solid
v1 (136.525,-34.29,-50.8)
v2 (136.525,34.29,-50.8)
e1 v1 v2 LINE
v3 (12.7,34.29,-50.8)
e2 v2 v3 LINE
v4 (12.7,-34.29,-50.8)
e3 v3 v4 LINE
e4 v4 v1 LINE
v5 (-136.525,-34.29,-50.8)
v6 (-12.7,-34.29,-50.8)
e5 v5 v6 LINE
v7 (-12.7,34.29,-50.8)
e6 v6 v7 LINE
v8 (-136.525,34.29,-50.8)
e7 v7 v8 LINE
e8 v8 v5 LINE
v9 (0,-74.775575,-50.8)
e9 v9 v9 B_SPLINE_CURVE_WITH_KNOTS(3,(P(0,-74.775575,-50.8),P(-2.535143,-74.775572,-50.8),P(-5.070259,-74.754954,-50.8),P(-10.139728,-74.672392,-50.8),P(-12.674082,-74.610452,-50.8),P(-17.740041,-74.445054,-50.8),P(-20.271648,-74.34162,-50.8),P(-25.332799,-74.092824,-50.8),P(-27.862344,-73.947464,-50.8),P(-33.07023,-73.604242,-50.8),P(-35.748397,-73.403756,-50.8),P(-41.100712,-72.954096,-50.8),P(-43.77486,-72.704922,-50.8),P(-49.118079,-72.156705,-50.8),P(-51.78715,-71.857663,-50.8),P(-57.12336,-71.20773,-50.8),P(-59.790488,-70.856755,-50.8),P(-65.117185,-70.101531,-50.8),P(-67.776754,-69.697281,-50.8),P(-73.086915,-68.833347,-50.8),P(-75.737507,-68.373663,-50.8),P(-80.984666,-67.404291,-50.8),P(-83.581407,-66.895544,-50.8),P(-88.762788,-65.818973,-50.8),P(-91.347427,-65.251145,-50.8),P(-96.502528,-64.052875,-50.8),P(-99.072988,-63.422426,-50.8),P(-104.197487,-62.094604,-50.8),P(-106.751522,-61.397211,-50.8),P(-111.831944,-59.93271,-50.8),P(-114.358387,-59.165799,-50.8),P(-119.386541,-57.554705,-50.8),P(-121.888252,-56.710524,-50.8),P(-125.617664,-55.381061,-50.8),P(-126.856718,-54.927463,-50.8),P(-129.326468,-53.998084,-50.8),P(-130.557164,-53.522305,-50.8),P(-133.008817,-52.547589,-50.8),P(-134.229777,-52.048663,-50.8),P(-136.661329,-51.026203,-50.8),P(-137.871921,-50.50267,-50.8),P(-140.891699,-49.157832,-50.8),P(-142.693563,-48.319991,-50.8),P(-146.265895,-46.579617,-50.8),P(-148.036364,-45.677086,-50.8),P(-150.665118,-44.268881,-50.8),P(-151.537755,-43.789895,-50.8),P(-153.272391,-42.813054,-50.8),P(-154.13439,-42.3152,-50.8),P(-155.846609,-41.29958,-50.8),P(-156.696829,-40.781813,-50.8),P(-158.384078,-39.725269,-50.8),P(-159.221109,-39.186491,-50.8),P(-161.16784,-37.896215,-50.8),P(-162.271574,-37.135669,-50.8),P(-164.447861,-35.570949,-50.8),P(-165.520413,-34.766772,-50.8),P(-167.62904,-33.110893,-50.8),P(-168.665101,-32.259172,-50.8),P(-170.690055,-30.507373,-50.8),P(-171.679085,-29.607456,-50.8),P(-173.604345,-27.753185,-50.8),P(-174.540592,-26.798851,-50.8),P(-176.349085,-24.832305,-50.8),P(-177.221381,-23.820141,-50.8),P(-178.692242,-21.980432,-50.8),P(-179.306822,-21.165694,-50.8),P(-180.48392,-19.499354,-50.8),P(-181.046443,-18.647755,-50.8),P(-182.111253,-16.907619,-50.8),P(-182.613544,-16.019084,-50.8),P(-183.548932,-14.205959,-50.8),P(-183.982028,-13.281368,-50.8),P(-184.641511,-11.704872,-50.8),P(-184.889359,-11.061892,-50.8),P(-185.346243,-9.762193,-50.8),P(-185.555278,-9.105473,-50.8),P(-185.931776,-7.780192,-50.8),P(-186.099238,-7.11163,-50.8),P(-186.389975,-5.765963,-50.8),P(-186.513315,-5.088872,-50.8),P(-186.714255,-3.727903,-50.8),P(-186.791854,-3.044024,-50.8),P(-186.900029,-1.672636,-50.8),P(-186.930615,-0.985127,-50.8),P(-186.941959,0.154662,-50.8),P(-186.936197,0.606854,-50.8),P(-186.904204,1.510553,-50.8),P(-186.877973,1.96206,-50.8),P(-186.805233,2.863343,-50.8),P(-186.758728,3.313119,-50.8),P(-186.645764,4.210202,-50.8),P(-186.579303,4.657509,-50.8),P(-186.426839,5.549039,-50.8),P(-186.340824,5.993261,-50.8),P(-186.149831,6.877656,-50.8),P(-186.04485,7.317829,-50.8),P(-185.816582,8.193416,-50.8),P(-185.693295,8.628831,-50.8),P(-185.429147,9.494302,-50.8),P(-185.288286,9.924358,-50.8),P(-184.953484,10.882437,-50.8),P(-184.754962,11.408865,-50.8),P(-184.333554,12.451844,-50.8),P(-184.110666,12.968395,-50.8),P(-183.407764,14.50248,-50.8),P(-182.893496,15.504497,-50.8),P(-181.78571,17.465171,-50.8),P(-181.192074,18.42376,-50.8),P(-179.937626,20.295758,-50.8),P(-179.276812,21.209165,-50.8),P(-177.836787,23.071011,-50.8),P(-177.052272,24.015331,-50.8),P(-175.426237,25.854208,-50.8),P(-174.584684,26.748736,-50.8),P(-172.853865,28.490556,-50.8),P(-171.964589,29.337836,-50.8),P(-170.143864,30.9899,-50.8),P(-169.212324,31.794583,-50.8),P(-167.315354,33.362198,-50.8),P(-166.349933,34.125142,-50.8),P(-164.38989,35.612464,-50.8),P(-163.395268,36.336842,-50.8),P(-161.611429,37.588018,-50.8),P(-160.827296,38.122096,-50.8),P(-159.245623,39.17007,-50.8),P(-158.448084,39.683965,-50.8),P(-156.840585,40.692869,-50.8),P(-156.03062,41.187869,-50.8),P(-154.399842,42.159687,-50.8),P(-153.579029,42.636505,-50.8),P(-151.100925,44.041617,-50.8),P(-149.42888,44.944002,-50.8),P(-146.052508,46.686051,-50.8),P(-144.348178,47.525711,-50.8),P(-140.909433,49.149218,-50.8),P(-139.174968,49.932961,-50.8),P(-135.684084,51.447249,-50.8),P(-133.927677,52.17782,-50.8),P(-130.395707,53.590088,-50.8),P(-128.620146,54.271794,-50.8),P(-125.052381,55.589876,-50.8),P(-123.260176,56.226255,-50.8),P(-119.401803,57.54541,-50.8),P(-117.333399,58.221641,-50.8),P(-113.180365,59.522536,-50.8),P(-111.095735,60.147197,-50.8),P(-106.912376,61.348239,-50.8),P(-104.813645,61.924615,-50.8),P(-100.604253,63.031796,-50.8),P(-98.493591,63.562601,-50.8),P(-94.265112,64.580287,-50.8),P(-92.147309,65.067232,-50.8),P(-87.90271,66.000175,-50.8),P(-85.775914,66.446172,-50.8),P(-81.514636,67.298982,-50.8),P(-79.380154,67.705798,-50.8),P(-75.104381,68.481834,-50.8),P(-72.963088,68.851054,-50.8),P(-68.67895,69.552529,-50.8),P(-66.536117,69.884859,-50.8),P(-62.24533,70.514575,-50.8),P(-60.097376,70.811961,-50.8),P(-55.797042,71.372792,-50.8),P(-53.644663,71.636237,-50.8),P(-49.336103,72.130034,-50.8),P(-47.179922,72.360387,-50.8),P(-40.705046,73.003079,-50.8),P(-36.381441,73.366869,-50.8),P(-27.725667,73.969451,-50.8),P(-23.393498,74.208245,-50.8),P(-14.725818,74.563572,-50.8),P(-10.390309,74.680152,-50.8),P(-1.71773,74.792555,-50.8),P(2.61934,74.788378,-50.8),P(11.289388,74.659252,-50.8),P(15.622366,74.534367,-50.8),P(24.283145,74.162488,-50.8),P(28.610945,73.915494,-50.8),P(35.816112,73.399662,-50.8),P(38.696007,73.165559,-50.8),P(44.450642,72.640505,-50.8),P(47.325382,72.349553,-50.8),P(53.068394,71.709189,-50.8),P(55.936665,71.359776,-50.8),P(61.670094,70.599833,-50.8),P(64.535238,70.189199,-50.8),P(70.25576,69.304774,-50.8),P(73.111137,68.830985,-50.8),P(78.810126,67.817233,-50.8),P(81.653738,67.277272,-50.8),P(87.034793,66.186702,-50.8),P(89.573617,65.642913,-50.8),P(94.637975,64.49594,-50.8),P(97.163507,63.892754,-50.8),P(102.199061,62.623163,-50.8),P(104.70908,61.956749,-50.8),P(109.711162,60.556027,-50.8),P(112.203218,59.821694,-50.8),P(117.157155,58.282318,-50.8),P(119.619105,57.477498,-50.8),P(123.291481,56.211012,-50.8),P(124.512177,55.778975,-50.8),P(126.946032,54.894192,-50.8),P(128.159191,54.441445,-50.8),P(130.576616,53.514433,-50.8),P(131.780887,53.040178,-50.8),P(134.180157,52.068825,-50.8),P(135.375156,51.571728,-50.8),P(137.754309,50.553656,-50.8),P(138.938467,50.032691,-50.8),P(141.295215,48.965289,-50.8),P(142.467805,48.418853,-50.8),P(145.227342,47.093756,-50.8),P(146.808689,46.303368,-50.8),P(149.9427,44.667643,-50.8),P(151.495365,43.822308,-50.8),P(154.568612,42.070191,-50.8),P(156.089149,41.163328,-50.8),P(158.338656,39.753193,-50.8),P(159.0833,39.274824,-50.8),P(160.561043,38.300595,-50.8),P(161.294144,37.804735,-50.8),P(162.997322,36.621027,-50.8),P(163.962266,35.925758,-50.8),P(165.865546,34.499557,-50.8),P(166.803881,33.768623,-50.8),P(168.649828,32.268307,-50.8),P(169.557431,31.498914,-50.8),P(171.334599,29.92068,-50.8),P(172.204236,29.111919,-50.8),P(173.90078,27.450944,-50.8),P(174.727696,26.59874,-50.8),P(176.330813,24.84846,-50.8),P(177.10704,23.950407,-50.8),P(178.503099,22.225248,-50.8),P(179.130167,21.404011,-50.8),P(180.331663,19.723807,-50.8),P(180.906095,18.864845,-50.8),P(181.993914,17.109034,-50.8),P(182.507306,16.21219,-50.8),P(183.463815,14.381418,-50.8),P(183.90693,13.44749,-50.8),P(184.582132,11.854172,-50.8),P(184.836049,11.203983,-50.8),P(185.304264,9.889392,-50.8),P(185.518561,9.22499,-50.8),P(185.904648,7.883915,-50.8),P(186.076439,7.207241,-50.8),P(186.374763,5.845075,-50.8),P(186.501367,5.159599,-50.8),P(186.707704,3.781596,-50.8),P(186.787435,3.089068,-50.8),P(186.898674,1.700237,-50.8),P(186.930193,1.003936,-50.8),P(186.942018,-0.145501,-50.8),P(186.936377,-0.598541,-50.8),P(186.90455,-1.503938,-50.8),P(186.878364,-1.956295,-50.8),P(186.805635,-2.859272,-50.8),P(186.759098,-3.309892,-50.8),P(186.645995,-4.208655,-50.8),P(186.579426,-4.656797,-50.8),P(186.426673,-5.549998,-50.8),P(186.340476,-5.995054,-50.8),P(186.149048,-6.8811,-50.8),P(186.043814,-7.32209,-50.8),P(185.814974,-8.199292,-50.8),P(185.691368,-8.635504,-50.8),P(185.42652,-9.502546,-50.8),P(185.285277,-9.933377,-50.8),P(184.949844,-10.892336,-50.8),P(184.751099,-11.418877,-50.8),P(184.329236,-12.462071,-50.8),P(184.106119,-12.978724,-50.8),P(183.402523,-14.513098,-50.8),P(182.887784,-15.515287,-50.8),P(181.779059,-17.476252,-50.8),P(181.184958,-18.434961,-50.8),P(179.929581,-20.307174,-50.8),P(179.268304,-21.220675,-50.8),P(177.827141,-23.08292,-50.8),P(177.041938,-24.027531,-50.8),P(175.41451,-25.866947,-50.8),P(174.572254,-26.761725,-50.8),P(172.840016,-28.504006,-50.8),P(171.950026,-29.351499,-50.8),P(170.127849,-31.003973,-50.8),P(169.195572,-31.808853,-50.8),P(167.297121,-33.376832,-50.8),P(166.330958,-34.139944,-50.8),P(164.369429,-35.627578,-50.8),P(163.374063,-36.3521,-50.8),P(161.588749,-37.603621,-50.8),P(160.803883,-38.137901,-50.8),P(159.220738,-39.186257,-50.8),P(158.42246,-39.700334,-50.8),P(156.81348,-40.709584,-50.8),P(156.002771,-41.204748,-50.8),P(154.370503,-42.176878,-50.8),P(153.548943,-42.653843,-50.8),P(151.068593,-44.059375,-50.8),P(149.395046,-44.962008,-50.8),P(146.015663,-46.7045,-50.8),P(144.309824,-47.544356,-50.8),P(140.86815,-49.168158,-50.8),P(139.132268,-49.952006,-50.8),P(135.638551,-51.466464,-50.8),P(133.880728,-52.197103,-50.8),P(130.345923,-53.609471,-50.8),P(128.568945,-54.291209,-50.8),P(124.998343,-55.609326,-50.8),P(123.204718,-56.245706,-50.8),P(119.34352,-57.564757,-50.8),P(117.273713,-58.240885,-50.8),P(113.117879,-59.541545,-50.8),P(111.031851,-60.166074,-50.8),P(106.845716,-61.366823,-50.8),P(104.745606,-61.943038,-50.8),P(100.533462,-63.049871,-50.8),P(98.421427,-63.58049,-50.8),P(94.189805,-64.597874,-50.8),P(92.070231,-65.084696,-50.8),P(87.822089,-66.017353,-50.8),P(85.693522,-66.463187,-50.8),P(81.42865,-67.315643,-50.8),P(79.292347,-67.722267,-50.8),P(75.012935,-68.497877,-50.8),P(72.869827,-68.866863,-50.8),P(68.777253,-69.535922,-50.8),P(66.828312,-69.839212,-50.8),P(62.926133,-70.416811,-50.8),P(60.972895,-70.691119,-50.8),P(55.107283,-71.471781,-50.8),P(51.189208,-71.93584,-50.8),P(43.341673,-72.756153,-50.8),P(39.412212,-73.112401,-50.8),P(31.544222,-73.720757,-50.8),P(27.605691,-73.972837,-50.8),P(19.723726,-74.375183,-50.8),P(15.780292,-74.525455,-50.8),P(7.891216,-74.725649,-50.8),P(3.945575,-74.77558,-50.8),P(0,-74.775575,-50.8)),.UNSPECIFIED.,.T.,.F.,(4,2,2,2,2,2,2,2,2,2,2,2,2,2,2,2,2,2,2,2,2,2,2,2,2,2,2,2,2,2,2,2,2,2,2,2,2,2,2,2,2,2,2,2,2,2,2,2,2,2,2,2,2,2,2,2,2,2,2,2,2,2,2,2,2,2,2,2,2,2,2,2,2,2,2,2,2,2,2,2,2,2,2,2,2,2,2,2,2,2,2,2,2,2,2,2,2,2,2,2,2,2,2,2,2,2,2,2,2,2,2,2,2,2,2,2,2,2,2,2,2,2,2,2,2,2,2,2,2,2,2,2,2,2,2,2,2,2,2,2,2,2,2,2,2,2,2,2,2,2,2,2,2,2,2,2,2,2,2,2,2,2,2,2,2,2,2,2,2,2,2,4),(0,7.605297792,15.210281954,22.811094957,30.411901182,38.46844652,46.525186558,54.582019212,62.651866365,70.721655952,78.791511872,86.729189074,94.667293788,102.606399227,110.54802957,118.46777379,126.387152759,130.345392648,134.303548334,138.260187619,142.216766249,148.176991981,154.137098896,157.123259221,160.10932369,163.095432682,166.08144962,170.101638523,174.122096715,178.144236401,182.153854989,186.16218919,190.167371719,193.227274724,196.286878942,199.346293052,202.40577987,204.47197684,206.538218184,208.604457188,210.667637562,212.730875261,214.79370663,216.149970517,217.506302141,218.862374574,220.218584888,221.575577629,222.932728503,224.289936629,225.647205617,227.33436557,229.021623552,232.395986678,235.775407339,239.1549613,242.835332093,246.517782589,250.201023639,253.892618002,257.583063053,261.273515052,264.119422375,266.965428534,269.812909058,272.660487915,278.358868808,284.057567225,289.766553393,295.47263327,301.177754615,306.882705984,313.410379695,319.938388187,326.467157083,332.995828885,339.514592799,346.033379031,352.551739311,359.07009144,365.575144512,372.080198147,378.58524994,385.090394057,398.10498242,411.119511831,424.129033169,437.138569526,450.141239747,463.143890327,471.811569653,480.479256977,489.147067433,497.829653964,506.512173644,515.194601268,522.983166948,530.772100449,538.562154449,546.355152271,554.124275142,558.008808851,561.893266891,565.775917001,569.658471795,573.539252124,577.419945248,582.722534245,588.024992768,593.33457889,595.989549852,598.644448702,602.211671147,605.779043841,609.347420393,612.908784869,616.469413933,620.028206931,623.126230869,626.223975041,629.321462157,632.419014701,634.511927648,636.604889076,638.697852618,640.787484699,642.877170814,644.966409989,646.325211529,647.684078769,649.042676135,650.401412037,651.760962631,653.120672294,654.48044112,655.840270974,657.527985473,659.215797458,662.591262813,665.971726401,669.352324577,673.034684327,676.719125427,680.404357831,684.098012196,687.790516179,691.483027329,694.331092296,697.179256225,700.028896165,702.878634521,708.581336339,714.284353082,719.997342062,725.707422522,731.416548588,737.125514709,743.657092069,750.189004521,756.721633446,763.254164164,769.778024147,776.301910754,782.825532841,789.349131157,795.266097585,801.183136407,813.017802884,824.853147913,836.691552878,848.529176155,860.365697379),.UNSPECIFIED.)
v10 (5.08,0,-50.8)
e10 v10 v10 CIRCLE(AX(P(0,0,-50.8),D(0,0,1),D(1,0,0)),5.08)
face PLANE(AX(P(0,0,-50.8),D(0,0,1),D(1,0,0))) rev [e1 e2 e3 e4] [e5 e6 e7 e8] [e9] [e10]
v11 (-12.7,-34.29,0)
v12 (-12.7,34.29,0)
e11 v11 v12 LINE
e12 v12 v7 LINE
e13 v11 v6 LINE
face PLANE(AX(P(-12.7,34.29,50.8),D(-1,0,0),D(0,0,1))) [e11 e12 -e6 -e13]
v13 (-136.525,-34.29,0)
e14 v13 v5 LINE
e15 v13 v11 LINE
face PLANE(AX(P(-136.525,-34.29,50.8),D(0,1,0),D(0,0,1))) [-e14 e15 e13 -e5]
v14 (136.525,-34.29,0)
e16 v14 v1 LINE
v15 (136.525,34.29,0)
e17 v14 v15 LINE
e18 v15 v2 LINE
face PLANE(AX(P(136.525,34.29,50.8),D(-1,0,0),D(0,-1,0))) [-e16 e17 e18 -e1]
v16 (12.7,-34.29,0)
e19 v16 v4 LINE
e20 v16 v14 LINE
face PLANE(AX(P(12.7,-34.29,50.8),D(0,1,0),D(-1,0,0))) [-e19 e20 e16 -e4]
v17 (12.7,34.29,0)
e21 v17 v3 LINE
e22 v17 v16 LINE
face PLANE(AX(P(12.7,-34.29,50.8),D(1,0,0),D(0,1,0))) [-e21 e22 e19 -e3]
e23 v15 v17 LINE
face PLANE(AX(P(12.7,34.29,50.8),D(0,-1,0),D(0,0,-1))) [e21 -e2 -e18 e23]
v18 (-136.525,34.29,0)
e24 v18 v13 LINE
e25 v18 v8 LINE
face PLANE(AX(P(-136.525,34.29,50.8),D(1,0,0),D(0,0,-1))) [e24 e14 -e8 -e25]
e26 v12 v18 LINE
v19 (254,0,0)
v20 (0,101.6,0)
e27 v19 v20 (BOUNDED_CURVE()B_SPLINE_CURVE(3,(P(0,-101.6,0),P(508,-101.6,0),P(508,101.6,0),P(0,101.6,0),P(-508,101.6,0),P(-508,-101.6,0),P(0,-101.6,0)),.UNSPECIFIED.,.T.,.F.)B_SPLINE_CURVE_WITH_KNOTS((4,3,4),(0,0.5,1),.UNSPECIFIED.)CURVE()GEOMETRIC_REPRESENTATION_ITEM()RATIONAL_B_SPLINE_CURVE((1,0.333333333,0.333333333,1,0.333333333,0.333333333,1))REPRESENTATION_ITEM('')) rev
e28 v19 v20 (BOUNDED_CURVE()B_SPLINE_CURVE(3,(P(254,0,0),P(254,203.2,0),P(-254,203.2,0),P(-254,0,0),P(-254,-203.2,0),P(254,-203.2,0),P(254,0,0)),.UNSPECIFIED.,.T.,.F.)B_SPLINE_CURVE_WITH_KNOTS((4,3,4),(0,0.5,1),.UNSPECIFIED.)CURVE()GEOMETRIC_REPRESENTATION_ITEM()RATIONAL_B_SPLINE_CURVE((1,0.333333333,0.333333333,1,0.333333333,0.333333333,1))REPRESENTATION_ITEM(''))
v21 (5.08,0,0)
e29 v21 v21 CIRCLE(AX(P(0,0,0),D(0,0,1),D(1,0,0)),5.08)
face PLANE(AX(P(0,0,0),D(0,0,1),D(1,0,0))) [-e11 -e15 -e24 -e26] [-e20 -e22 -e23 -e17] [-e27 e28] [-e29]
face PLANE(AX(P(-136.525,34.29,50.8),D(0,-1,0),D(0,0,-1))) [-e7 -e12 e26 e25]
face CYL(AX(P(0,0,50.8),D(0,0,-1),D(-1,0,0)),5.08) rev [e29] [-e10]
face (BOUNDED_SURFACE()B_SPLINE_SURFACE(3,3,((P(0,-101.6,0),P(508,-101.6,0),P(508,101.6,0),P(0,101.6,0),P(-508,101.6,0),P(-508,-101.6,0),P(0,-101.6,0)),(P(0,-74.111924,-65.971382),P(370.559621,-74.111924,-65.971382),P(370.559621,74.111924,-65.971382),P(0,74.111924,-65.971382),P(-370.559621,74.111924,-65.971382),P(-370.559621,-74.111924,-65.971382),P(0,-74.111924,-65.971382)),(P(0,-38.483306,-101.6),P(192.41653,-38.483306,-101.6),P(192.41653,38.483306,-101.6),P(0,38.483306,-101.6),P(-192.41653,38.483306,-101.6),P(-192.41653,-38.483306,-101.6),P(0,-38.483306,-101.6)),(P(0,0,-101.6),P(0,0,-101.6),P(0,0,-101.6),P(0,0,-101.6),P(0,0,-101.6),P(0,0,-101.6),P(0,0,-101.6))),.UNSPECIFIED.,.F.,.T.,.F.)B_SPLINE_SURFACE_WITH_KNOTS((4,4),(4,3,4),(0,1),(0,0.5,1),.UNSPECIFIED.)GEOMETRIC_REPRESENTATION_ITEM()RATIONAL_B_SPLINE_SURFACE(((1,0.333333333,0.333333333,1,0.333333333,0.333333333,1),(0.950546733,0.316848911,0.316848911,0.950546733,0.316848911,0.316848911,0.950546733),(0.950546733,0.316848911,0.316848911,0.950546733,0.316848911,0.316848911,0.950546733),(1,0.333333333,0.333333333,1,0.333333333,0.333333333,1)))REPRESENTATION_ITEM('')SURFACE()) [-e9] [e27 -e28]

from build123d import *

# Parameters (mm, degrees)
BEAM_SCALE_X           = 1
BEAM_SCALE_Y           = 4
BEAM_SCALE_Z           = 1
LENGTH_SCALE_X         = 10
LENGTH_SCALE_Y         = 1
LENGTH_SCALE_Z         = 1
PAYLOAD_BAY_DEPTH      = 292.823782601
PAYLOAD_BAY_DEPTH_BACK = 63.5
SKETCH6_W              = 123.825
SKETCH6_H              = 68.58
MAST_HOLE_DEPTH        = 292.823782601
MAST_HOLE_DEPTH_BACK   = 101.6
SKETCH16_R             = 5.08
SKETCH15_2_W           = 508
SKETCH15_2_H           = 203.2
LAYER_2_DEPTH          = 50.8


with BuildPart() as part:
    # YZ Section_depthOnly → Depth (revolve)
    with BuildSketch(Plane(origin=(0, 0, 0), x_dir=(0, 0, -1), z_dir=(1, 0, 0))):
        with BuildLine():
            Line((0, 0), (0, -25.4))
            add(Edge.make_bspline(
                [(0, -25.4), (101.6, -14.816666667), (101.6, 0)],
                knots=[5.507991934, 5.507991934, 5.507991934, 6.283185307, 6.283185307, 6.283185307], degree=2, weights=[1, 0.9258201, 1]))
            Line((101.6, 0), (0, 0))
        make_face()
    revolve(axis=Axis((0, 0, 254), (0, 0, -1)))

    # Sketch13 → Height (revolve)
    with BuildSketch(Plane(origin=(0, 0, 0), x_dir=(0, 0, -1), z_dir=(1, 0, 0))):
        with BuildLine():
            Line((0, 0), (-50.8, 0))
            add(Edge.make_bspline(
                [(-50.8, 0), (-50.8, -23.988888889), (0, -25.4)],
                knots=[0, 0, 0, 1.511938821, 1.511938821, 1.511938821], degree=2, weights=[1, 0.727606875, 1]))
            Line((0, -25.4), (0, 0))
        make_face()
    revolve(axis=Axis((0, 0, 0), (0, 0, 1)))


with BuildPart() as part_1:
    # Beam: scaled about (0, 0, 0)
    add(part.part.scale((BEAM_SCALE_X, BEAM_SCALE_Y, BEAM_SCALE_Z), about=(0, 0, 0)))


with BuildPart() as part_2:
    # Length: scaled about (0, 0, 0)
    add(part_1.part.scale((LENGTH_SCALE_X, LENGTH_SCALE_Y, LENGTH_SCALE_Z), about=(0, 0, 0)))

    # Sketch6 → Payload Bay (cut, two sides: drawn at the far end of the back side and taken through both)
    with BuildSketch(Plane.XY.offset(-PAYLOAD_BAY_DEPTH_BACK)):
        with Locations((-74.6125, 0)):
            Rectangle(SKETCH6_W, SKETCH6_H)
        with Locations((74.6125, 0)):
            Rectangle(SKETCH6_W, SKETCH6_H)
    extrude(amount=PAYLOAD_BAY_DEPTH + PAYLOAD_BAY_DEPTH_BACK, mode=Mode.SUBTRACT)

    # Sketch16 → Mast Hole (cut, two sides: drawn at the far end of the back side and taken through both)
    with BuildSketch(Plane.XY.offset(-MAST_HOLE_DEPTH_BACK)):
        Circle(SKETCH16_R)
    extrude(amount=MAST_HOLE_DEPTH + MAST_HOLE_DEPTH_BACK, mode=Mode.SUBTRACT)


with BuildPart() as body_2:
    # Sketch15_2 → Layer 2 (new body)
    with BuildSketch(Plane.XY):
        Rectangle(SKETCH15_2_W, SKETCH15_2_H)
    extrude(amount=-LAYER_2_DEPTH)


with BuildPart() as part_3:
    add(part_2.part)

    # Layer 2 Body: intersect body 2
    add(body_2.part, mode=Mode.INTERSECT)


solid = part_3.part
